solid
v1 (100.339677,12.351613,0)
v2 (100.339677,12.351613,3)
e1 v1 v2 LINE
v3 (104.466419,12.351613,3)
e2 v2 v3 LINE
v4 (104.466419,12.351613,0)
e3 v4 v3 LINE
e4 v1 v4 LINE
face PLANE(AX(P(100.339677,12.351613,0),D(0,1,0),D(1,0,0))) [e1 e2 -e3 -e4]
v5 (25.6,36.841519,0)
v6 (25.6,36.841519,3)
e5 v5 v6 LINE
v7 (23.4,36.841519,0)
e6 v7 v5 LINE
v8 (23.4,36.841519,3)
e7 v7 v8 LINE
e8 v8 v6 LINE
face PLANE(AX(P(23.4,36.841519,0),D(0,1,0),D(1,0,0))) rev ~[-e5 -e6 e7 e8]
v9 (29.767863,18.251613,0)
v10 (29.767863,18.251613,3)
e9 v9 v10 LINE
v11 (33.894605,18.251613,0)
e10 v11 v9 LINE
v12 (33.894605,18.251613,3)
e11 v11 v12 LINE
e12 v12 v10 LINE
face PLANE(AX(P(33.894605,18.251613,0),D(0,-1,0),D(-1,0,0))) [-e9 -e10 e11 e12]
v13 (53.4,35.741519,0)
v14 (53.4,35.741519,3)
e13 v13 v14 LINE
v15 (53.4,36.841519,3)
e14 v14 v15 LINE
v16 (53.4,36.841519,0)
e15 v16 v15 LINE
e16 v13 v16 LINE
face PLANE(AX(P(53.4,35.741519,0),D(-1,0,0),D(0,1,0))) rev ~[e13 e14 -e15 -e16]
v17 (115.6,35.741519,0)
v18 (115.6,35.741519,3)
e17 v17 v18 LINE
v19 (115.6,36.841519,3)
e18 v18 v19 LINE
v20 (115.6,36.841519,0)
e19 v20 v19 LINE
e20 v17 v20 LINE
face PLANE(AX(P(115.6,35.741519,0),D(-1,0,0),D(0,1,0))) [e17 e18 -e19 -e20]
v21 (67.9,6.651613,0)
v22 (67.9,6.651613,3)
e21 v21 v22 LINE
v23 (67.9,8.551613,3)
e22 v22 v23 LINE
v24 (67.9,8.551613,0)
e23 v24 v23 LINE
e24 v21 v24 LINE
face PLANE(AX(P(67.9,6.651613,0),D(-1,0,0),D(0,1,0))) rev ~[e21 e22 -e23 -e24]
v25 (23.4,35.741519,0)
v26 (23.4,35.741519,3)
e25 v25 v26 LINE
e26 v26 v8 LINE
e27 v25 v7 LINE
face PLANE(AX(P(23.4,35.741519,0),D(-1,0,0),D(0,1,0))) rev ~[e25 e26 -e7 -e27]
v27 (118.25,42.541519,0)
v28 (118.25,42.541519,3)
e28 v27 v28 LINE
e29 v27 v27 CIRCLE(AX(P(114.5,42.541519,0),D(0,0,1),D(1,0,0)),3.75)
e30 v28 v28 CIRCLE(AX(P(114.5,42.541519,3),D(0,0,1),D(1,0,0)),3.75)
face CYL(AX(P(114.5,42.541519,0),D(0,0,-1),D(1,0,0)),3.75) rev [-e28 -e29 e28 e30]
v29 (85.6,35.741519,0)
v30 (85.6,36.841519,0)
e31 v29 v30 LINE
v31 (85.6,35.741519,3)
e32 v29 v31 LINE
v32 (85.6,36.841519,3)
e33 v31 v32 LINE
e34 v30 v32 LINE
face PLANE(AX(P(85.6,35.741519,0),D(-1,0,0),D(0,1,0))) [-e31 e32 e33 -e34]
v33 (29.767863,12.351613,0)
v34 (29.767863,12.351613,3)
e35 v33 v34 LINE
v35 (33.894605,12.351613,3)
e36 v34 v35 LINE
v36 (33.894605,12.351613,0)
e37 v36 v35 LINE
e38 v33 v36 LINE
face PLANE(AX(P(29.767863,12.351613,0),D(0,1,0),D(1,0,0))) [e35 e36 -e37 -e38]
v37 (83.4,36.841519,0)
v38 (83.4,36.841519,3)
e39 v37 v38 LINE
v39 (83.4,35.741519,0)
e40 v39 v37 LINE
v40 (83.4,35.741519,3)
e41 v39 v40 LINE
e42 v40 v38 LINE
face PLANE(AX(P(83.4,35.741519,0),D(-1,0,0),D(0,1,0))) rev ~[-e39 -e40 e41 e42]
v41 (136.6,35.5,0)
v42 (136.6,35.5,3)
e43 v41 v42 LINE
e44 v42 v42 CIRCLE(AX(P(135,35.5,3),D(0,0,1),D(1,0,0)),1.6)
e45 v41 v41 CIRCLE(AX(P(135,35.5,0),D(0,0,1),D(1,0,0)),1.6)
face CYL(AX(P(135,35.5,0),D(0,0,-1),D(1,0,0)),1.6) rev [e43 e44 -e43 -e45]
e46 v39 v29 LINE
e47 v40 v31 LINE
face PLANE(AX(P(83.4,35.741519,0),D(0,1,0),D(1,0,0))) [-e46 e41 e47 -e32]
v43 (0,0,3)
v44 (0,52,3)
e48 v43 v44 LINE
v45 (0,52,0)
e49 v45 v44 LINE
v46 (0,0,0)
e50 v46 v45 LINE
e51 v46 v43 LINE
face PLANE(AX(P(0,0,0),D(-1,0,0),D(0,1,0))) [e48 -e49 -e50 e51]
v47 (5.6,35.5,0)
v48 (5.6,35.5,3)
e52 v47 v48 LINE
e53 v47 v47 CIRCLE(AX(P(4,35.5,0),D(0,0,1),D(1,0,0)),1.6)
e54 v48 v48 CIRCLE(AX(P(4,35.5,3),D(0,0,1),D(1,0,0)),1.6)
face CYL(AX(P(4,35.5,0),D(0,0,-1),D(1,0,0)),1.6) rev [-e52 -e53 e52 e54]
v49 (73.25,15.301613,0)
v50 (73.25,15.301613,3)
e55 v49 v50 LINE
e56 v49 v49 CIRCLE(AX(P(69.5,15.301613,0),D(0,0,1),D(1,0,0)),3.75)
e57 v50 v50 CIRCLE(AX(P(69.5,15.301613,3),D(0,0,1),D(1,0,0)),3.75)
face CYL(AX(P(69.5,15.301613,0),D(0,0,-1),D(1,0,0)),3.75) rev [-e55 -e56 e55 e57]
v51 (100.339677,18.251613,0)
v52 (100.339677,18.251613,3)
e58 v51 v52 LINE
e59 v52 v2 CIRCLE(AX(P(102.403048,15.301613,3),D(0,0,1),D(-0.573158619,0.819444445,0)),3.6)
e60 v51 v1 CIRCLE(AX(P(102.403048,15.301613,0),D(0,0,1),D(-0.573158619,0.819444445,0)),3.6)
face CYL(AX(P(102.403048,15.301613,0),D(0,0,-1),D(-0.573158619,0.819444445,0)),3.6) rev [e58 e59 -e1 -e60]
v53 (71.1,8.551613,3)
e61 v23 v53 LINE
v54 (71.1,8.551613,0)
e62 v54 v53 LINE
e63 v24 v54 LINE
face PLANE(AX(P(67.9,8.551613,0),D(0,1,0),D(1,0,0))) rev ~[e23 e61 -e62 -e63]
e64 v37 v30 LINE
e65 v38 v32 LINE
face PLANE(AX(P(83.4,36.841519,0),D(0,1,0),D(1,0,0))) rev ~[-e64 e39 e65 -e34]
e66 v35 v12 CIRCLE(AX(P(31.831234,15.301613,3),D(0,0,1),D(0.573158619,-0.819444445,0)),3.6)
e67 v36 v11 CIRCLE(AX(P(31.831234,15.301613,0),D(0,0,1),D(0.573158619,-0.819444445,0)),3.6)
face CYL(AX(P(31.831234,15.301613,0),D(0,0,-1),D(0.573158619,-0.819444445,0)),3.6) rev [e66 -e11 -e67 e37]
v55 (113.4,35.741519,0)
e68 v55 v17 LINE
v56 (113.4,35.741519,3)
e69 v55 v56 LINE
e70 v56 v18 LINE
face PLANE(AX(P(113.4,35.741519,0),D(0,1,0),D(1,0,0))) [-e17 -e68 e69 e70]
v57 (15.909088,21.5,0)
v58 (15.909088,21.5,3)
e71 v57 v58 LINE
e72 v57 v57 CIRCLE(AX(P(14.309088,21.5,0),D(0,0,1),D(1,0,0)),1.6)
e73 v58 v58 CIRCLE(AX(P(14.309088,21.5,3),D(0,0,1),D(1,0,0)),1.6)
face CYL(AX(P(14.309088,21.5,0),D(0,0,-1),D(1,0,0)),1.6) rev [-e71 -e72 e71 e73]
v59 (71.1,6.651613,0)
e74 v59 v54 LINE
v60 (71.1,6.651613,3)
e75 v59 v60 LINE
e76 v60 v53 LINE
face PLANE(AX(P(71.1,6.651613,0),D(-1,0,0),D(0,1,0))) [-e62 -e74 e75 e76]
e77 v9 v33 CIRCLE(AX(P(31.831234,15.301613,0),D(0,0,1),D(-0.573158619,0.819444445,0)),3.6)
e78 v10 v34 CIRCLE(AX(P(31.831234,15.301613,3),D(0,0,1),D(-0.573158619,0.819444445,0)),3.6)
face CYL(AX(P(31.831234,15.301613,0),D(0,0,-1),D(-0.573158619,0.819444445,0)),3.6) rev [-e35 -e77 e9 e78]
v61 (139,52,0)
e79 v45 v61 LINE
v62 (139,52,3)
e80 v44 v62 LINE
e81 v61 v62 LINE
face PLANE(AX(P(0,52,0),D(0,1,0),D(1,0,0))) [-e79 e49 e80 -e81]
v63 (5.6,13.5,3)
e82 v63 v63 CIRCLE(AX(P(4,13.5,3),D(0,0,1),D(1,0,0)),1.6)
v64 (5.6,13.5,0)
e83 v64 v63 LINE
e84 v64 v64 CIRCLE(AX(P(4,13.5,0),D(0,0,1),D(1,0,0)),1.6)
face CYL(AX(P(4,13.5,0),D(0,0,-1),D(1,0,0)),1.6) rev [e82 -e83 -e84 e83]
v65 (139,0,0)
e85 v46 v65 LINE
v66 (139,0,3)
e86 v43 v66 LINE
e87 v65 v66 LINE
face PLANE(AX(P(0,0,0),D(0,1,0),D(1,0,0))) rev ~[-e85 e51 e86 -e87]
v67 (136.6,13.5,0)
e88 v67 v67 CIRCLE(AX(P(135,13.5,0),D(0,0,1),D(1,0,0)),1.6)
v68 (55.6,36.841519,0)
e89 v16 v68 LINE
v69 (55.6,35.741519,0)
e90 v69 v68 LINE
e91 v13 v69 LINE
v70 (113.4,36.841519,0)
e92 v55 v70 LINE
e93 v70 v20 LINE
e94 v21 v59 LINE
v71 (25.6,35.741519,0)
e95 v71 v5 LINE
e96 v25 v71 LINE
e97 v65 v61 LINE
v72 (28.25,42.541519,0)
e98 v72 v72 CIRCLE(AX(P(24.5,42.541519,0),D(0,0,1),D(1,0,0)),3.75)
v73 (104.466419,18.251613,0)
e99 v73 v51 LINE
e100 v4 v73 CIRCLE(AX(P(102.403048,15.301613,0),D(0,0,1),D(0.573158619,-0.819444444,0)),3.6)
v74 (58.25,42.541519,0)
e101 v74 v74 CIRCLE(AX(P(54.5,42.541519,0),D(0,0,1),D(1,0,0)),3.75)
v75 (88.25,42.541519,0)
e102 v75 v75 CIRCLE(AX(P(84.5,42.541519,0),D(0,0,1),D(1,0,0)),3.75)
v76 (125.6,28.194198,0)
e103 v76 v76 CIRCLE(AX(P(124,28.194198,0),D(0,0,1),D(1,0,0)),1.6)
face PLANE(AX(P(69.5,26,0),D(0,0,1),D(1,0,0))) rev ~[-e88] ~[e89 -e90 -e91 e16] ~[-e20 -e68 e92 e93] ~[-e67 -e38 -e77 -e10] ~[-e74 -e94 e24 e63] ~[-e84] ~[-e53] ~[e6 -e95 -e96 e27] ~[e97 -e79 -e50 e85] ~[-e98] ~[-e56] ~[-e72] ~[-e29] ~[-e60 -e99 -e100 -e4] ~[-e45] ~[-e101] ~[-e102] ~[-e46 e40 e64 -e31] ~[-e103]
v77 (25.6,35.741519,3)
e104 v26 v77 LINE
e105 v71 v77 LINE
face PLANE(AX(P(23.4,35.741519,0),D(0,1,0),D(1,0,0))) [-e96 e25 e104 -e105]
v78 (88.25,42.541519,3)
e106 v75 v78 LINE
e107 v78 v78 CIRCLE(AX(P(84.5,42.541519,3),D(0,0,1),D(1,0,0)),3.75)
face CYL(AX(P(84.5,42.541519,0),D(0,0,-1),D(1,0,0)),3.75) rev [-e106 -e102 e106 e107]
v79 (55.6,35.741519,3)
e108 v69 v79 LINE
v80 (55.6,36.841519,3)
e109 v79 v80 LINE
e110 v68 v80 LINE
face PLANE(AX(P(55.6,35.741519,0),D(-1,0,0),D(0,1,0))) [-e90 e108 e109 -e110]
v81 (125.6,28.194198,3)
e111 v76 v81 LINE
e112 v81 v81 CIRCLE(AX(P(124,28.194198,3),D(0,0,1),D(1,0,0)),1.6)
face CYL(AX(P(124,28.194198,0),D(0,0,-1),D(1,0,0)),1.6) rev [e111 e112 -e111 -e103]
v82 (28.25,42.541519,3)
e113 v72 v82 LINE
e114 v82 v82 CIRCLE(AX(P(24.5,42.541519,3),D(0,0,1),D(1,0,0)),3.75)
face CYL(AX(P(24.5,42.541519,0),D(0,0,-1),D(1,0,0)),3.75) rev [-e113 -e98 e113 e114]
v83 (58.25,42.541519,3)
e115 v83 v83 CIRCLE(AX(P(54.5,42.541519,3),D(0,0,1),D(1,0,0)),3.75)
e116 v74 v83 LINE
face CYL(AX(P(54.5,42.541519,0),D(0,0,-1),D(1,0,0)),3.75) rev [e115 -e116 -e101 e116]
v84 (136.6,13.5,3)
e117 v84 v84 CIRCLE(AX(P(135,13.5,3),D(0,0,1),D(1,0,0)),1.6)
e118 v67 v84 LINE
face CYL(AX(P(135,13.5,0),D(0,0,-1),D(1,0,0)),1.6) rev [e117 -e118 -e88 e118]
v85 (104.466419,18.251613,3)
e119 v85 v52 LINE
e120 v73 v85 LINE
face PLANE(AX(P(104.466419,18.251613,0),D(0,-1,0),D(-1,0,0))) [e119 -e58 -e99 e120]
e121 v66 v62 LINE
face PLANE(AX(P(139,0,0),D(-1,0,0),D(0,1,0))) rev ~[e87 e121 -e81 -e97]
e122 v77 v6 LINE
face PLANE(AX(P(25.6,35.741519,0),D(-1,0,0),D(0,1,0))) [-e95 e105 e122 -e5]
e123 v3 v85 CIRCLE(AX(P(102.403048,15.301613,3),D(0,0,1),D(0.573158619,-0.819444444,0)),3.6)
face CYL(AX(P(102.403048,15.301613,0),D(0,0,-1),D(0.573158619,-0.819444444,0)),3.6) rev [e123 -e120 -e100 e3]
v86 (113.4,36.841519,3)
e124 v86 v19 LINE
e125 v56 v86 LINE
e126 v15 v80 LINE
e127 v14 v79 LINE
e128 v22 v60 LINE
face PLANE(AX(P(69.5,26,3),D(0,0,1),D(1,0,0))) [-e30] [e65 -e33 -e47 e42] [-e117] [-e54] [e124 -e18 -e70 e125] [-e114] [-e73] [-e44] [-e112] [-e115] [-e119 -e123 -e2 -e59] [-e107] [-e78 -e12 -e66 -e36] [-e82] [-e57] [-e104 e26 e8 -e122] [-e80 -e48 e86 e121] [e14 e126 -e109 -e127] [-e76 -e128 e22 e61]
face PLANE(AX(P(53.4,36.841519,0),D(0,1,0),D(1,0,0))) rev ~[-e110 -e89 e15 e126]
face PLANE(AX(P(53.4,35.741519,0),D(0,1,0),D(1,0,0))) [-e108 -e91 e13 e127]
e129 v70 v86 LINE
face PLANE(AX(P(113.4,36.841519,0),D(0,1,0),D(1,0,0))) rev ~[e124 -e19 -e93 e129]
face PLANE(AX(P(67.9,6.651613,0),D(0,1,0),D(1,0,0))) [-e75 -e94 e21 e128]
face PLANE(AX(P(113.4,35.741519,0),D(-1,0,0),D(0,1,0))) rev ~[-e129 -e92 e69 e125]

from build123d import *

# Parameters (mm, degrees)
SKETCH1_W           = 139
SKETCH1_H           = 52
SKETCH1_R           = 1.6
SKETCH1_R_2         = 3.75
SKETCH1_W_2         = 3.2
SKETCH1_H_2         = 1.9
SKETCH1_W_3         = 2.2
SKETCH1_H_3         = 1.1
BOSS_EXTRUDE1_DEPTH = 3


with BuildPart() as part:
    # Sketch1 → Boss-Extrude1 (new body)
    with BuildSketch(Plane.XY):
        with Locations((69.5, 26)):
            Rectangle(SKETCH1_W, SKETCH1_H)
        with Locations((4, 35.5)):
            Circle(SKETCH1_R, mode=Mode.SUBTRACT)
        with Locations((135, 35.5)):
            Circle(SKETCH1_R, mode=Mode.SUBTRACT)
        with Locations((135, 13.5)):
            Circle(SKETCH1_R, mode=Mode.SUBTRACT)
        with Locations((4, 13.5)):
            Circle(SKETCH1_R, mode=Mode.SUBTRACT)
        with Locations((14.309088021, 21.5)):
            Circle(SKETCH1_R, mode=Mode.SUBTRACT)
        with Locations((124, 28.19419762)):
            Circle(SKETCH1_R, mode=Mode.SUBTRACT)
        with Locations((69.5, 15.301613352)):
            Circle(SKETCH1_R_2, mode=Mode.SUBTRACT)
        with Locations((24.5, 42.541519479)):
            Circle(SKETCH1_R_2, mode=Mode.SUBTRACT)
        with Locations((54.5, 42.541519479)):
            Circle(SKETCH1_R_2, mode=Mode.SUBTRACT)
        with Locations((84.5, 42.541519479)):
            Circle(SKETCH1_R_2, mode=Mode.SUBTRACT)
        with Locations((114.5, 42.541519479)):
            Circle(SKETCH1_R_2, mode=Mode.SUBTRACT)
        with Locations((69.5, 7.601613352)):
            Rectangle(SKETCH1_W_2, SKETCH1_H_2, mode=Mode.SUBTRACT)
        with Locations((24.5, 36.291519479)):
            Rectangle(SKETCH1_W_3, SKETCH1_H_3, mode=Mode.SUBTRACT)
        with BuildLine():
            Line((100.339676821, 12.351613352), (104.466418878, 12.351613352))
            ThreePointArc((104.466418878, 12.351613352), (106.003047849, 15.301613352), (104.466418878, 18.251613352))
            Line((104.466418878, 18.251613352), (100.339676821, 18.251613352))
            ThreePointArc((100.339676821, 18.251613352), (98.803047849, 15.301613352), (100.339676821, 12.351613352))
        make_face(mode=Mode.SUBTRACT)
        with BuildLine():
            Line((29.767863143, 12.351613352), (33.894605199, 12.351613352))
            ThreePointArc((33.894605199, 12.351613352), (35.431234171, 15.301613352), (33.894605199, 18.251613352))
            Line((33.894605199, 18.251613352), (29.767863143, 18.251613352))
            ThreePointArc((29.767863143, 18.251613352), (28.231234171, 15.301613352), (29.767863143, 12.351613352))
        make_face(mode=Mode.SUBTRACT)
        with Locations((54.5, 36.291519479)):
            Rectangle(SKETCH1_W_3, SKETCH1_H_3, mode=Mode.SUBTRACT)
        with Locations((84.5, 36.291519479)):
            Rectangle(SKETCH1_W_3, SKETCH1_H_3, mode=Mode.SUBTRACT)
        with Locations((114.5, 36.291519479)):
            Rectangle(SKETCH1_W_3, SKETCH1_H_3, mode=Mode.SUBTRACT)
    extrude(amount=BOSS_EXTRUDE1_DEPTH)


solid = part.part
